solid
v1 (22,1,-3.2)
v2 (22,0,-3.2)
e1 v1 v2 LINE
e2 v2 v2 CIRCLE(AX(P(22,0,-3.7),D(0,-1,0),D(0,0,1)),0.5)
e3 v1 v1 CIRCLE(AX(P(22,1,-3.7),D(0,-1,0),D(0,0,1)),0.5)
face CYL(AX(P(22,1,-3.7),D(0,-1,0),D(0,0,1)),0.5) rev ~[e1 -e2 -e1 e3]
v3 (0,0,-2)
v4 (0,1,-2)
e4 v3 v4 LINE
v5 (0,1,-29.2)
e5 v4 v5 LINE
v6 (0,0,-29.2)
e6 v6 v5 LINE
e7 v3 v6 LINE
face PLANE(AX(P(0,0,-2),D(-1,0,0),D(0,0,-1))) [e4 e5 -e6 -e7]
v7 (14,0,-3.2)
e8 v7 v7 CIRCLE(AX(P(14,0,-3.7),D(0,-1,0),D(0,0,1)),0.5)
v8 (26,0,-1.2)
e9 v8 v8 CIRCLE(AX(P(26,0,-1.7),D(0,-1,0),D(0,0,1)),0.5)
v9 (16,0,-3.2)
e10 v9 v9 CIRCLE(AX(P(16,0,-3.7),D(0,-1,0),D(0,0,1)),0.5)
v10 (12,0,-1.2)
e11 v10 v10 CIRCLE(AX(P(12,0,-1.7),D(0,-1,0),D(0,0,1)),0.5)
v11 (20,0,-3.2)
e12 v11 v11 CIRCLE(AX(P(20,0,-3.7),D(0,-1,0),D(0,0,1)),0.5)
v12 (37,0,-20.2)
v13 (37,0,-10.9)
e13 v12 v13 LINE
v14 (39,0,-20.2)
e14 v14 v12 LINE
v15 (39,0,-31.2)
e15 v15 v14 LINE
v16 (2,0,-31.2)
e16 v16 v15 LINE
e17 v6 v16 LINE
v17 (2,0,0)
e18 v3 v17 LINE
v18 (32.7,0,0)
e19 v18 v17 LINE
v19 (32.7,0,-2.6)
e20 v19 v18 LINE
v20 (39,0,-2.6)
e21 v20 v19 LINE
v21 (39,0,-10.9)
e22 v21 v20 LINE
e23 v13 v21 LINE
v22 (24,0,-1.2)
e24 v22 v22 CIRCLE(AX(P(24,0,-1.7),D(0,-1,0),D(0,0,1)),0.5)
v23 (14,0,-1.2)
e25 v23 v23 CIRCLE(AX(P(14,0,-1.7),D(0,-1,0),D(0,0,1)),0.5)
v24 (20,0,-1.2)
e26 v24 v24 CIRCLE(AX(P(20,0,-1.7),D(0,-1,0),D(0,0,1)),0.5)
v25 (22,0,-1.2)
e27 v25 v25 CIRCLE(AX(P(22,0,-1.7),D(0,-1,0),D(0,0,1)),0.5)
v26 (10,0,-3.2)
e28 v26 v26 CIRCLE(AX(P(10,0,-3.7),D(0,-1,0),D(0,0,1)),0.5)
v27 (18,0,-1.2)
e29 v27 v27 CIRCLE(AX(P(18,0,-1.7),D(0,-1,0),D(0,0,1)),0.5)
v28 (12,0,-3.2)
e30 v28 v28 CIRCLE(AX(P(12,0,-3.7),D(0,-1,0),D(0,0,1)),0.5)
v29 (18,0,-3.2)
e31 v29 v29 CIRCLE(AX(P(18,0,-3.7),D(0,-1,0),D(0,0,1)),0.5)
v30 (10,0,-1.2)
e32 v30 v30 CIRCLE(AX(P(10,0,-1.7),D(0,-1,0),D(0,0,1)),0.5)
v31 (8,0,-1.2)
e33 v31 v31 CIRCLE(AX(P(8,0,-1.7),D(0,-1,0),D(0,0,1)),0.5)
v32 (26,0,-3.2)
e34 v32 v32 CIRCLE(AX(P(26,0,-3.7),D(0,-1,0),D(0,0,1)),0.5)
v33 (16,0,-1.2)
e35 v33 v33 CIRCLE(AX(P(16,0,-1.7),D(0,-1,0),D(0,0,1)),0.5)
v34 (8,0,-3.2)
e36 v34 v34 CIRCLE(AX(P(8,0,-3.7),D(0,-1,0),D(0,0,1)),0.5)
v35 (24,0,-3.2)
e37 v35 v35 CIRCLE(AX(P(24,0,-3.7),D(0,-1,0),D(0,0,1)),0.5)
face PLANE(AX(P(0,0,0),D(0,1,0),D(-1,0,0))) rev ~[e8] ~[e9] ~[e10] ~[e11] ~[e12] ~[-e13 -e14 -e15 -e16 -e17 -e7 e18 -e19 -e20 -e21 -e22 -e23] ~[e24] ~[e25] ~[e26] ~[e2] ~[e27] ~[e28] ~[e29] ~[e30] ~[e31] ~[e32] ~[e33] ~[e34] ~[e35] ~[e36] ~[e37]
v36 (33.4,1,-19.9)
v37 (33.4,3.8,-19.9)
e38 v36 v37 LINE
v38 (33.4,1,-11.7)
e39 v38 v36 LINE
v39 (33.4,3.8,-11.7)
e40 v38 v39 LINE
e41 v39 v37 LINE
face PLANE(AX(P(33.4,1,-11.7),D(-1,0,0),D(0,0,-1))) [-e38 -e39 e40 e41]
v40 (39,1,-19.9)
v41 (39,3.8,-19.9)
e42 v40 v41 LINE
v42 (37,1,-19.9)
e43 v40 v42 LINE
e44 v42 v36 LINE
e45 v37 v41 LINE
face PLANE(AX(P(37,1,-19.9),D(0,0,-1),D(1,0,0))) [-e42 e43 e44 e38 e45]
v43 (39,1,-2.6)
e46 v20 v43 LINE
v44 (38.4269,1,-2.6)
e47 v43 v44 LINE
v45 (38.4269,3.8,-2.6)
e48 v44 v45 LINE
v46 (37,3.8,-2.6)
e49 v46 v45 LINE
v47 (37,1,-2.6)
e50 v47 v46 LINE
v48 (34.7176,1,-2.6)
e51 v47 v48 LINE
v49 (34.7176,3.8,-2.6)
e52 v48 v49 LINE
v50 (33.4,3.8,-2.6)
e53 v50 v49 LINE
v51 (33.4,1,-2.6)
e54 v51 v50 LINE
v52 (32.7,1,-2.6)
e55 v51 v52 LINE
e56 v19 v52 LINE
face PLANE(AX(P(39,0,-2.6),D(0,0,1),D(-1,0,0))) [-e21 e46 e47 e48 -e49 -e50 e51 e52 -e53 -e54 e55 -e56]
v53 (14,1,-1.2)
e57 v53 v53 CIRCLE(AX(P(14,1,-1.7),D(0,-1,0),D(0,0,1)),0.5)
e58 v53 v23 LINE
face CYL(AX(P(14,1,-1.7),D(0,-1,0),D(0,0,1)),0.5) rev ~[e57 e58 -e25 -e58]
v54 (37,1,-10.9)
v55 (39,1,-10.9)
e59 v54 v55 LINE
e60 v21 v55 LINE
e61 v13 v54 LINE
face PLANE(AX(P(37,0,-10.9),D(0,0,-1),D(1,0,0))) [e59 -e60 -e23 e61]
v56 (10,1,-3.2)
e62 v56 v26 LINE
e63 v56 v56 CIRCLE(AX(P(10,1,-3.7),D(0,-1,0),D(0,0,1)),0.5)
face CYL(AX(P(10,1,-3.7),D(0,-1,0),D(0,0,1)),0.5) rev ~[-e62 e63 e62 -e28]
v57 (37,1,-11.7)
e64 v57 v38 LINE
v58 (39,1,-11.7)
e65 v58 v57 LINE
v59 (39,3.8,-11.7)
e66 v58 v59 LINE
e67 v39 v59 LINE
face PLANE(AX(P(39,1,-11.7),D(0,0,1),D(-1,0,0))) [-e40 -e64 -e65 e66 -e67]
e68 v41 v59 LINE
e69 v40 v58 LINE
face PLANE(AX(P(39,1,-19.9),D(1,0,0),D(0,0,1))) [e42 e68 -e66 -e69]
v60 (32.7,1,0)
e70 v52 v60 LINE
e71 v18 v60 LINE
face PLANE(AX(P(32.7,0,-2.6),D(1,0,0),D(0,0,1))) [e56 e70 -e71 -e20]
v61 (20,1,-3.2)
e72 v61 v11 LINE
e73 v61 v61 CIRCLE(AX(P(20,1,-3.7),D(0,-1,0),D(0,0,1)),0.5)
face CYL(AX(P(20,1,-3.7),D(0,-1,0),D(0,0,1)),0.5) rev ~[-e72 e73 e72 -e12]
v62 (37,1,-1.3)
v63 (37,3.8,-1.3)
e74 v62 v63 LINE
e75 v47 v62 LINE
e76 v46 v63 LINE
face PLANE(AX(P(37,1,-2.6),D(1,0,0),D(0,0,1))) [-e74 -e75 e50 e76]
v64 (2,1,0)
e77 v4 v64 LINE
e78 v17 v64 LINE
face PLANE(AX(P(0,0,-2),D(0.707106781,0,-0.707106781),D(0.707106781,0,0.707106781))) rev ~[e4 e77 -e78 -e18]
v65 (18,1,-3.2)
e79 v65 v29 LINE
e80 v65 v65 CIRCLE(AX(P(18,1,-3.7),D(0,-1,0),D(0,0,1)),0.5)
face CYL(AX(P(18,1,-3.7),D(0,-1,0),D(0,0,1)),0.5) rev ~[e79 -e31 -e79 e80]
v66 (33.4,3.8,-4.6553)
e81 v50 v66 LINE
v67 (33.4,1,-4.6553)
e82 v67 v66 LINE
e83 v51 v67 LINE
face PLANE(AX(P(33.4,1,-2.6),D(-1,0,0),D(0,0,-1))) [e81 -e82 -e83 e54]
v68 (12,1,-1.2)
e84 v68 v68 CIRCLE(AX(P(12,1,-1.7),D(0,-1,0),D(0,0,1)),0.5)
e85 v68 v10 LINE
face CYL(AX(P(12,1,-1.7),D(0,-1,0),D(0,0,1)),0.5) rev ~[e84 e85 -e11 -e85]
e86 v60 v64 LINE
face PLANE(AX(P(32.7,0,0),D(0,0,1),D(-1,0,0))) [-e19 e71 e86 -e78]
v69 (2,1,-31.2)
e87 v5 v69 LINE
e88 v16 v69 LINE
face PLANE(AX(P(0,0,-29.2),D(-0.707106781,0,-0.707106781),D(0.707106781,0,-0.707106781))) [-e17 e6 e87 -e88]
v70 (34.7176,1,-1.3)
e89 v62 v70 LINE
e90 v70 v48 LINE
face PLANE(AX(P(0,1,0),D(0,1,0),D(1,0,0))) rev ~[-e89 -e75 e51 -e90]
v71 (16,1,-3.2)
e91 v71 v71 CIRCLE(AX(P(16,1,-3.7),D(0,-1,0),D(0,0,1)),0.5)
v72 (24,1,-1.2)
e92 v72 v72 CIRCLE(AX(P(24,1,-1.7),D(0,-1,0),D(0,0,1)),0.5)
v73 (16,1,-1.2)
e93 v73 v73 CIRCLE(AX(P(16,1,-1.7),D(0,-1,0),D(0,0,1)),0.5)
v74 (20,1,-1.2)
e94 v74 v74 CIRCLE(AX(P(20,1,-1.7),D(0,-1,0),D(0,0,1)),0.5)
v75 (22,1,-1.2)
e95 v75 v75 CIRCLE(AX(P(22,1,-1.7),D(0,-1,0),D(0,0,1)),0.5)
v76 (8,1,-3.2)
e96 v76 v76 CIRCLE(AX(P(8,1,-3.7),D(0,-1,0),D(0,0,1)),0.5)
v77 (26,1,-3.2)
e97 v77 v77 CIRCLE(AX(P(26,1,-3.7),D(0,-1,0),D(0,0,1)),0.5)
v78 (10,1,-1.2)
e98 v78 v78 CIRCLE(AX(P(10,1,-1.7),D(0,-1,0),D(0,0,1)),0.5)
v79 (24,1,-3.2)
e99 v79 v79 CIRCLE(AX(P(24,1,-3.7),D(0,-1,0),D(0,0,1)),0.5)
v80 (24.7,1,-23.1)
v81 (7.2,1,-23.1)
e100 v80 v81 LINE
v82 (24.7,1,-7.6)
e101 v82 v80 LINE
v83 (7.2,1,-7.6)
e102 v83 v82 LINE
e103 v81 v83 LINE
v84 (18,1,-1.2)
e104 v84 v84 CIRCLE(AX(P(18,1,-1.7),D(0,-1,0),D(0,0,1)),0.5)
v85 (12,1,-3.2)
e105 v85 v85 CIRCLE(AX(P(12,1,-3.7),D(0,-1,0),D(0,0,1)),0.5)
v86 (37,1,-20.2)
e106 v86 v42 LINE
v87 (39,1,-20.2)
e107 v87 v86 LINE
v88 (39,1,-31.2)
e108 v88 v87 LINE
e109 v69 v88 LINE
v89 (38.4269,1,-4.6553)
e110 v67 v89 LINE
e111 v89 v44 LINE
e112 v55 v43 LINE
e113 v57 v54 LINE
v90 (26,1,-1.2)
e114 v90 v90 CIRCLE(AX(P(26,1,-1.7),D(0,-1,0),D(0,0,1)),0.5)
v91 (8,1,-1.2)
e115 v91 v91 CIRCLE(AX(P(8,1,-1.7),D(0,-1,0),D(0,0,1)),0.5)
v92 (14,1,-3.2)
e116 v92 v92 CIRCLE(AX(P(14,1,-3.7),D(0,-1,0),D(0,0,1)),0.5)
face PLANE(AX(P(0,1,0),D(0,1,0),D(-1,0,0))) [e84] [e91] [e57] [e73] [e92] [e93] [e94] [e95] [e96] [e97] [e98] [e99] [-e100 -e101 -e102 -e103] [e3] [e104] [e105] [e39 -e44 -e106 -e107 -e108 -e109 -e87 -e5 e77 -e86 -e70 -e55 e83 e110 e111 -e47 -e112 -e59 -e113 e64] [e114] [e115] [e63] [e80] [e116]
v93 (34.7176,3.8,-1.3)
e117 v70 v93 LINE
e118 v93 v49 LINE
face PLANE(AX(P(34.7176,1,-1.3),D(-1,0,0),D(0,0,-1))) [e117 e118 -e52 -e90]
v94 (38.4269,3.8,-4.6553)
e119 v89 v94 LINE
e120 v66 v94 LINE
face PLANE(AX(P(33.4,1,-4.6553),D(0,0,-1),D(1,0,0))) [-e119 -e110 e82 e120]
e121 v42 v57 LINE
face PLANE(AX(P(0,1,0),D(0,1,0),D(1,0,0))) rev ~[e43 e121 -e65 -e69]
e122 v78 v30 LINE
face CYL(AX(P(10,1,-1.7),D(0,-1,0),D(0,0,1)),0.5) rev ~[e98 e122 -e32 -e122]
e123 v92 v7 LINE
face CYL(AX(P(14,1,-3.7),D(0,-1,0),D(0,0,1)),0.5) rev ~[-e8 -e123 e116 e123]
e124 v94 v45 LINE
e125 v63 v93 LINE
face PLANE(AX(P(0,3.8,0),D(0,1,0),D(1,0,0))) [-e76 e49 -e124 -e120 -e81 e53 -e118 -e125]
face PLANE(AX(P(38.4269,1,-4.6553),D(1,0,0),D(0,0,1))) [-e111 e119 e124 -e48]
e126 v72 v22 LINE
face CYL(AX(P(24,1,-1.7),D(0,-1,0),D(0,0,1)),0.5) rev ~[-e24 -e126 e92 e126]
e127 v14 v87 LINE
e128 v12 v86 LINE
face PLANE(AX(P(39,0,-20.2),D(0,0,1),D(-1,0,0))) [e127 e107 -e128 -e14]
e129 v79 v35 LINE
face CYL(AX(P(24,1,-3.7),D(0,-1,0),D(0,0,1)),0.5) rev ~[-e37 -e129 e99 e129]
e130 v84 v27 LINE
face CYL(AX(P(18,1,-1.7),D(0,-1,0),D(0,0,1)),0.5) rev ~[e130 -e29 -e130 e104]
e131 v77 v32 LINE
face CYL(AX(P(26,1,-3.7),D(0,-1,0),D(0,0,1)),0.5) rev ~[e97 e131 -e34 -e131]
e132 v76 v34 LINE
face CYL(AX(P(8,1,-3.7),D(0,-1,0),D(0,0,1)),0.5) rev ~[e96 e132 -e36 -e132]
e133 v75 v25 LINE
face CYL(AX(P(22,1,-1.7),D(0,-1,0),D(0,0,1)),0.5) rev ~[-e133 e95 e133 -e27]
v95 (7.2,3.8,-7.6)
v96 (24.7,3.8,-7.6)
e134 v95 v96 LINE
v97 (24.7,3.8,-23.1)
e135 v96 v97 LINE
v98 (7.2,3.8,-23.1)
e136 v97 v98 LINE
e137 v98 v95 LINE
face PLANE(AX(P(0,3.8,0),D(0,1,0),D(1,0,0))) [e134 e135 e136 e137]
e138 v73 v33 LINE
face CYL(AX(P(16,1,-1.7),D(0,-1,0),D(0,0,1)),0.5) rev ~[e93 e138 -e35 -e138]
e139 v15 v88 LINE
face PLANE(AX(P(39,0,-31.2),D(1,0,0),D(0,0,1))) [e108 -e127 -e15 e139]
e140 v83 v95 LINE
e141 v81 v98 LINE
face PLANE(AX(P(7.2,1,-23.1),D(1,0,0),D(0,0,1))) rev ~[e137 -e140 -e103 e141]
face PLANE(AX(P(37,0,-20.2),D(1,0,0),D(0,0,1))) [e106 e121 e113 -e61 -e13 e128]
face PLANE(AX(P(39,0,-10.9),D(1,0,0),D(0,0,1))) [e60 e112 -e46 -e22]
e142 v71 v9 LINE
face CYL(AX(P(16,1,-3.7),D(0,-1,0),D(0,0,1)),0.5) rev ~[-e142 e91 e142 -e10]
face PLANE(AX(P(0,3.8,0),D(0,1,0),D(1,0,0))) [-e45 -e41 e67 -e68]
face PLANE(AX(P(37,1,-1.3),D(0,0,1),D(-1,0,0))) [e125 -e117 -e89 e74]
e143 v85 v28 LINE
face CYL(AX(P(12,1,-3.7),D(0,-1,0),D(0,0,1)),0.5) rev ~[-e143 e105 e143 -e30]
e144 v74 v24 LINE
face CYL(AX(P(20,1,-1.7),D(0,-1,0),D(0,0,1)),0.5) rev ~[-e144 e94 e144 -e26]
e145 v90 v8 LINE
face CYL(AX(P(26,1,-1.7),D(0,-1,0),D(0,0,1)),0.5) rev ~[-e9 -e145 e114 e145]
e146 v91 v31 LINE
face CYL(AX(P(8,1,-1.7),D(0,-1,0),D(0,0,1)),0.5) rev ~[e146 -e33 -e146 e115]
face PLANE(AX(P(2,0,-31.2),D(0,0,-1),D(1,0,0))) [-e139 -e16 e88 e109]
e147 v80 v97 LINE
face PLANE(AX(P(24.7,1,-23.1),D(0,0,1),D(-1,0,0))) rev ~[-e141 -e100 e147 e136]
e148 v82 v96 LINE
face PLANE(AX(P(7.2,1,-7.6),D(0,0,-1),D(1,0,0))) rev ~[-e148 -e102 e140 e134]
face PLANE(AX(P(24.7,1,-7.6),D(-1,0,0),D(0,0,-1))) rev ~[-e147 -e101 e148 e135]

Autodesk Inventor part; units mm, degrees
ref_plane "YZ Plane" through (0, 0, 0) normal (1, 0, 0) x (0, 1, 0)
ref_plane "XZ Plane" through (0, 0, 0) normal (0, 1, 0) x (-1, 0, 0)
ref_plane "XY Plane" through (0, 0, 0) normal (0, 0, 1) x (1, 0, 0)
sketch "Sketch1" plane through (0, 0, 0) normal (0, 1, 0) x (-1, 0, 0)
  line L0 (0, -2) -> (0, -29.2)
  line L1 (-2, -31.2) -> (-39, -31.2)
  line L2 (-39, -31.2) -> (-39, -20.2)
  line L3 (-39, -20.2) -> (-37, -20.2)
  line L4 (-37, -20.2) -> (-37, -10.9)
  line L5 (-37, -10.9) -> (-39, -10.9)
  line L6 (-39, -10.9) -> (-39, -2.6)
  line L7 (-39, -2.6) -> (-32.7, -2.6)
  line L8 (-32.7, -2.6) -> (-32.7, 0)
  line L9 (-32.7, 0) -> (-2, 0)
  line L10 (0, -2) -> (-2, 0)
  line L11 (0, -29.2) -> (-2, -31.2)
  point P0 (0, 0)
  point P1 (0, -31.2)
  dimension "d0" = 31.2
  dimension "d1" = 39
  dimension "d2" = 11
  dimension "d3" = 2
  dimension "d4" = 9.3
  dimension "d5" = 8.3
  dimension "d6" = 6.3
  dimension "d7" = 2
  dimension "d8" = 2
  dimension "d9" = 2
  dimension "d10" = 2
extrude "Extrusion1" add sketch "Sketch1" along normal blind 1
sketch "Sketch2" plane through (0, 1, 0) normal (0, 1, 0) x (1, 0, 0)
  line L0 (39, 31.2) -> (2, 31.2) projected
  line L1 (2, 31.2) -> (0, 29.2) projected
  line L2 (0, 29.2) -> (0, 2) projected
  line L3 (0, 2) -> (2, 0) projected
  line L4 (2, 0) -> (32.7, 0) projected
  line L5 (32.7, 0) -> (32.7, 2.6) projected
  line L6 (32.7, 2.6) -> (39, 2.6) projected
  line L7 (39, 2.6) -> (39, 10.9) projected
  line L8 (39, 10.9) -> (37, 10.9) projected
  line L9 (37, 10.9) -> (37, 20.2) projected
  line L10 (37, 20.2) -> (39, 20.2) projected
  line L11 (39, 20.2) -> (39, 31.2) projected
  line L12 (7.2, 7.6) -> (24.7, 7.6)
  line L13 (24.7, 7.6) -> (24.7, 23.1)
  line L14 (24.7, 23.1) -> (7.2, 23.1)
  line L15 (7.2, 23.1) -> (7.2, 7.6)
  line L16 (39, 11.7) -> (33.4, 11.7)
  line L17 (33.4, 11.7) -> (33.4, 19.9)
  line L18 (33.4, 19.9) -> (39, 19.9)
  line L19 (39, 19.9) -> (39, 11.7)
  line L20 (32.7, 2.6) -> (39, 2.6) projected
  line L21 (33.4, 4.6553) -> (38.4269, 4.6553)
  line L22 (38.4269, 4.6553) -> (38.4269, 2.6)
  line L23 (38.4269, 2.6) -> (33.4, 2.6)
  line L24 (33.4, 2.6) -> (33.4, 4.6553)
  line L25 (34.7176, 2.6) -> (37, 2.6)
  line L26 (37, 2.6) -> (37, 1.3)
  line L27 (37, 1.3) -> (34.7176, 1.3)
  line L28 (34.7176, 1.3) -> (34.7176, 2.6)
  point P0 (0, 0)
  dimension "d13" = 17.5
  dimension "d14" = 15.5
  dimension "d15" = 7.6
  dimension "d16" = 7.2
  dimension "d17" = 5.6
  dimension "d18" = 8.2
  dimension "d19" = 11.7
extrude "Extrusion2" add sketch "Sketch2" along normal blind 2.8 contours L18 L19 L16 L9 | L9 L16 L17 L18 | L24 L21 L22 L6 | L6 L26 L27 L28 | L15 L14 L13 L12
sketch "Sketch3" plane through (0, 1, 0) normal (0, 1, 0) x (1, 0, 0)
  line L0 (2, 0) -> (32.7, 0) projected
  line L1 (0, 29.2) -> (0, 2) projected
  point P0 (0, 0)
  point P1 (8, 1.7)
  dimension "d22" = 1.7
  dimension "d23" = 8
hole "Hole1" at (8, 1, -1.7) direction (0, -1, 0) diameter 1 depth 16 tip angle 118
pattern_linear "Rectangular Pattern1" count 10 spacing 2 along (1, 0, 0) of "Hole1"
pattern_linear "Rectangular Pattern2" count 2 spacing 2 along (0, 0, -1) of "Hole1", "Rectangular Pattern1"
ref_plane "Work Plane1" through (2, 0, -15.6) normal (0, 0, 1) x (1, 0, 0)
mirror "Mirror1" [suppressed]
sketch "Sketch4" plane through (2, 0, 0) normal (0, 0, 1) x (1, 0, 0)
  line L0 (5.5, 0) -> (5.5, 1) projected
  line L1 (6.5, 0) -> (6.5, 1) projected
  circle A0 centre (6, 2.25) radius 0.5
  line L2 (0, 1) -> (30.7, 1) projected
  line L3 (5.25, 3) -> (6.75, 3)
  line L4 (6.75, 3) -> (6.75, 1.5)
  line L5 (6.75, 1.5) -> (5.25, 1.5)
  line L6 (5.25, 1.5) -> (5.25, 3)
  line L7 (5.25, 3) -> (6.75, 1.5) construction
  line L8 (6.75, 3) -> (5.25, 1.5) construction
  point P0 (-2, 0)
  dimension "d37" = 1.25
  dimension "d42" = 1.5
  dimension "d43" = 1.5
extrude "Extrusion3" [suppressed]
pattern_linear "Rectangular Pattern3" [suppressed]
mirror "Mirror2" [suppressed]
equation "\"d8\" = d7"
equation "\"d9\" = d7"
equation "\"d10\" = d9"
properties part number "00_ESP32_Mini"
